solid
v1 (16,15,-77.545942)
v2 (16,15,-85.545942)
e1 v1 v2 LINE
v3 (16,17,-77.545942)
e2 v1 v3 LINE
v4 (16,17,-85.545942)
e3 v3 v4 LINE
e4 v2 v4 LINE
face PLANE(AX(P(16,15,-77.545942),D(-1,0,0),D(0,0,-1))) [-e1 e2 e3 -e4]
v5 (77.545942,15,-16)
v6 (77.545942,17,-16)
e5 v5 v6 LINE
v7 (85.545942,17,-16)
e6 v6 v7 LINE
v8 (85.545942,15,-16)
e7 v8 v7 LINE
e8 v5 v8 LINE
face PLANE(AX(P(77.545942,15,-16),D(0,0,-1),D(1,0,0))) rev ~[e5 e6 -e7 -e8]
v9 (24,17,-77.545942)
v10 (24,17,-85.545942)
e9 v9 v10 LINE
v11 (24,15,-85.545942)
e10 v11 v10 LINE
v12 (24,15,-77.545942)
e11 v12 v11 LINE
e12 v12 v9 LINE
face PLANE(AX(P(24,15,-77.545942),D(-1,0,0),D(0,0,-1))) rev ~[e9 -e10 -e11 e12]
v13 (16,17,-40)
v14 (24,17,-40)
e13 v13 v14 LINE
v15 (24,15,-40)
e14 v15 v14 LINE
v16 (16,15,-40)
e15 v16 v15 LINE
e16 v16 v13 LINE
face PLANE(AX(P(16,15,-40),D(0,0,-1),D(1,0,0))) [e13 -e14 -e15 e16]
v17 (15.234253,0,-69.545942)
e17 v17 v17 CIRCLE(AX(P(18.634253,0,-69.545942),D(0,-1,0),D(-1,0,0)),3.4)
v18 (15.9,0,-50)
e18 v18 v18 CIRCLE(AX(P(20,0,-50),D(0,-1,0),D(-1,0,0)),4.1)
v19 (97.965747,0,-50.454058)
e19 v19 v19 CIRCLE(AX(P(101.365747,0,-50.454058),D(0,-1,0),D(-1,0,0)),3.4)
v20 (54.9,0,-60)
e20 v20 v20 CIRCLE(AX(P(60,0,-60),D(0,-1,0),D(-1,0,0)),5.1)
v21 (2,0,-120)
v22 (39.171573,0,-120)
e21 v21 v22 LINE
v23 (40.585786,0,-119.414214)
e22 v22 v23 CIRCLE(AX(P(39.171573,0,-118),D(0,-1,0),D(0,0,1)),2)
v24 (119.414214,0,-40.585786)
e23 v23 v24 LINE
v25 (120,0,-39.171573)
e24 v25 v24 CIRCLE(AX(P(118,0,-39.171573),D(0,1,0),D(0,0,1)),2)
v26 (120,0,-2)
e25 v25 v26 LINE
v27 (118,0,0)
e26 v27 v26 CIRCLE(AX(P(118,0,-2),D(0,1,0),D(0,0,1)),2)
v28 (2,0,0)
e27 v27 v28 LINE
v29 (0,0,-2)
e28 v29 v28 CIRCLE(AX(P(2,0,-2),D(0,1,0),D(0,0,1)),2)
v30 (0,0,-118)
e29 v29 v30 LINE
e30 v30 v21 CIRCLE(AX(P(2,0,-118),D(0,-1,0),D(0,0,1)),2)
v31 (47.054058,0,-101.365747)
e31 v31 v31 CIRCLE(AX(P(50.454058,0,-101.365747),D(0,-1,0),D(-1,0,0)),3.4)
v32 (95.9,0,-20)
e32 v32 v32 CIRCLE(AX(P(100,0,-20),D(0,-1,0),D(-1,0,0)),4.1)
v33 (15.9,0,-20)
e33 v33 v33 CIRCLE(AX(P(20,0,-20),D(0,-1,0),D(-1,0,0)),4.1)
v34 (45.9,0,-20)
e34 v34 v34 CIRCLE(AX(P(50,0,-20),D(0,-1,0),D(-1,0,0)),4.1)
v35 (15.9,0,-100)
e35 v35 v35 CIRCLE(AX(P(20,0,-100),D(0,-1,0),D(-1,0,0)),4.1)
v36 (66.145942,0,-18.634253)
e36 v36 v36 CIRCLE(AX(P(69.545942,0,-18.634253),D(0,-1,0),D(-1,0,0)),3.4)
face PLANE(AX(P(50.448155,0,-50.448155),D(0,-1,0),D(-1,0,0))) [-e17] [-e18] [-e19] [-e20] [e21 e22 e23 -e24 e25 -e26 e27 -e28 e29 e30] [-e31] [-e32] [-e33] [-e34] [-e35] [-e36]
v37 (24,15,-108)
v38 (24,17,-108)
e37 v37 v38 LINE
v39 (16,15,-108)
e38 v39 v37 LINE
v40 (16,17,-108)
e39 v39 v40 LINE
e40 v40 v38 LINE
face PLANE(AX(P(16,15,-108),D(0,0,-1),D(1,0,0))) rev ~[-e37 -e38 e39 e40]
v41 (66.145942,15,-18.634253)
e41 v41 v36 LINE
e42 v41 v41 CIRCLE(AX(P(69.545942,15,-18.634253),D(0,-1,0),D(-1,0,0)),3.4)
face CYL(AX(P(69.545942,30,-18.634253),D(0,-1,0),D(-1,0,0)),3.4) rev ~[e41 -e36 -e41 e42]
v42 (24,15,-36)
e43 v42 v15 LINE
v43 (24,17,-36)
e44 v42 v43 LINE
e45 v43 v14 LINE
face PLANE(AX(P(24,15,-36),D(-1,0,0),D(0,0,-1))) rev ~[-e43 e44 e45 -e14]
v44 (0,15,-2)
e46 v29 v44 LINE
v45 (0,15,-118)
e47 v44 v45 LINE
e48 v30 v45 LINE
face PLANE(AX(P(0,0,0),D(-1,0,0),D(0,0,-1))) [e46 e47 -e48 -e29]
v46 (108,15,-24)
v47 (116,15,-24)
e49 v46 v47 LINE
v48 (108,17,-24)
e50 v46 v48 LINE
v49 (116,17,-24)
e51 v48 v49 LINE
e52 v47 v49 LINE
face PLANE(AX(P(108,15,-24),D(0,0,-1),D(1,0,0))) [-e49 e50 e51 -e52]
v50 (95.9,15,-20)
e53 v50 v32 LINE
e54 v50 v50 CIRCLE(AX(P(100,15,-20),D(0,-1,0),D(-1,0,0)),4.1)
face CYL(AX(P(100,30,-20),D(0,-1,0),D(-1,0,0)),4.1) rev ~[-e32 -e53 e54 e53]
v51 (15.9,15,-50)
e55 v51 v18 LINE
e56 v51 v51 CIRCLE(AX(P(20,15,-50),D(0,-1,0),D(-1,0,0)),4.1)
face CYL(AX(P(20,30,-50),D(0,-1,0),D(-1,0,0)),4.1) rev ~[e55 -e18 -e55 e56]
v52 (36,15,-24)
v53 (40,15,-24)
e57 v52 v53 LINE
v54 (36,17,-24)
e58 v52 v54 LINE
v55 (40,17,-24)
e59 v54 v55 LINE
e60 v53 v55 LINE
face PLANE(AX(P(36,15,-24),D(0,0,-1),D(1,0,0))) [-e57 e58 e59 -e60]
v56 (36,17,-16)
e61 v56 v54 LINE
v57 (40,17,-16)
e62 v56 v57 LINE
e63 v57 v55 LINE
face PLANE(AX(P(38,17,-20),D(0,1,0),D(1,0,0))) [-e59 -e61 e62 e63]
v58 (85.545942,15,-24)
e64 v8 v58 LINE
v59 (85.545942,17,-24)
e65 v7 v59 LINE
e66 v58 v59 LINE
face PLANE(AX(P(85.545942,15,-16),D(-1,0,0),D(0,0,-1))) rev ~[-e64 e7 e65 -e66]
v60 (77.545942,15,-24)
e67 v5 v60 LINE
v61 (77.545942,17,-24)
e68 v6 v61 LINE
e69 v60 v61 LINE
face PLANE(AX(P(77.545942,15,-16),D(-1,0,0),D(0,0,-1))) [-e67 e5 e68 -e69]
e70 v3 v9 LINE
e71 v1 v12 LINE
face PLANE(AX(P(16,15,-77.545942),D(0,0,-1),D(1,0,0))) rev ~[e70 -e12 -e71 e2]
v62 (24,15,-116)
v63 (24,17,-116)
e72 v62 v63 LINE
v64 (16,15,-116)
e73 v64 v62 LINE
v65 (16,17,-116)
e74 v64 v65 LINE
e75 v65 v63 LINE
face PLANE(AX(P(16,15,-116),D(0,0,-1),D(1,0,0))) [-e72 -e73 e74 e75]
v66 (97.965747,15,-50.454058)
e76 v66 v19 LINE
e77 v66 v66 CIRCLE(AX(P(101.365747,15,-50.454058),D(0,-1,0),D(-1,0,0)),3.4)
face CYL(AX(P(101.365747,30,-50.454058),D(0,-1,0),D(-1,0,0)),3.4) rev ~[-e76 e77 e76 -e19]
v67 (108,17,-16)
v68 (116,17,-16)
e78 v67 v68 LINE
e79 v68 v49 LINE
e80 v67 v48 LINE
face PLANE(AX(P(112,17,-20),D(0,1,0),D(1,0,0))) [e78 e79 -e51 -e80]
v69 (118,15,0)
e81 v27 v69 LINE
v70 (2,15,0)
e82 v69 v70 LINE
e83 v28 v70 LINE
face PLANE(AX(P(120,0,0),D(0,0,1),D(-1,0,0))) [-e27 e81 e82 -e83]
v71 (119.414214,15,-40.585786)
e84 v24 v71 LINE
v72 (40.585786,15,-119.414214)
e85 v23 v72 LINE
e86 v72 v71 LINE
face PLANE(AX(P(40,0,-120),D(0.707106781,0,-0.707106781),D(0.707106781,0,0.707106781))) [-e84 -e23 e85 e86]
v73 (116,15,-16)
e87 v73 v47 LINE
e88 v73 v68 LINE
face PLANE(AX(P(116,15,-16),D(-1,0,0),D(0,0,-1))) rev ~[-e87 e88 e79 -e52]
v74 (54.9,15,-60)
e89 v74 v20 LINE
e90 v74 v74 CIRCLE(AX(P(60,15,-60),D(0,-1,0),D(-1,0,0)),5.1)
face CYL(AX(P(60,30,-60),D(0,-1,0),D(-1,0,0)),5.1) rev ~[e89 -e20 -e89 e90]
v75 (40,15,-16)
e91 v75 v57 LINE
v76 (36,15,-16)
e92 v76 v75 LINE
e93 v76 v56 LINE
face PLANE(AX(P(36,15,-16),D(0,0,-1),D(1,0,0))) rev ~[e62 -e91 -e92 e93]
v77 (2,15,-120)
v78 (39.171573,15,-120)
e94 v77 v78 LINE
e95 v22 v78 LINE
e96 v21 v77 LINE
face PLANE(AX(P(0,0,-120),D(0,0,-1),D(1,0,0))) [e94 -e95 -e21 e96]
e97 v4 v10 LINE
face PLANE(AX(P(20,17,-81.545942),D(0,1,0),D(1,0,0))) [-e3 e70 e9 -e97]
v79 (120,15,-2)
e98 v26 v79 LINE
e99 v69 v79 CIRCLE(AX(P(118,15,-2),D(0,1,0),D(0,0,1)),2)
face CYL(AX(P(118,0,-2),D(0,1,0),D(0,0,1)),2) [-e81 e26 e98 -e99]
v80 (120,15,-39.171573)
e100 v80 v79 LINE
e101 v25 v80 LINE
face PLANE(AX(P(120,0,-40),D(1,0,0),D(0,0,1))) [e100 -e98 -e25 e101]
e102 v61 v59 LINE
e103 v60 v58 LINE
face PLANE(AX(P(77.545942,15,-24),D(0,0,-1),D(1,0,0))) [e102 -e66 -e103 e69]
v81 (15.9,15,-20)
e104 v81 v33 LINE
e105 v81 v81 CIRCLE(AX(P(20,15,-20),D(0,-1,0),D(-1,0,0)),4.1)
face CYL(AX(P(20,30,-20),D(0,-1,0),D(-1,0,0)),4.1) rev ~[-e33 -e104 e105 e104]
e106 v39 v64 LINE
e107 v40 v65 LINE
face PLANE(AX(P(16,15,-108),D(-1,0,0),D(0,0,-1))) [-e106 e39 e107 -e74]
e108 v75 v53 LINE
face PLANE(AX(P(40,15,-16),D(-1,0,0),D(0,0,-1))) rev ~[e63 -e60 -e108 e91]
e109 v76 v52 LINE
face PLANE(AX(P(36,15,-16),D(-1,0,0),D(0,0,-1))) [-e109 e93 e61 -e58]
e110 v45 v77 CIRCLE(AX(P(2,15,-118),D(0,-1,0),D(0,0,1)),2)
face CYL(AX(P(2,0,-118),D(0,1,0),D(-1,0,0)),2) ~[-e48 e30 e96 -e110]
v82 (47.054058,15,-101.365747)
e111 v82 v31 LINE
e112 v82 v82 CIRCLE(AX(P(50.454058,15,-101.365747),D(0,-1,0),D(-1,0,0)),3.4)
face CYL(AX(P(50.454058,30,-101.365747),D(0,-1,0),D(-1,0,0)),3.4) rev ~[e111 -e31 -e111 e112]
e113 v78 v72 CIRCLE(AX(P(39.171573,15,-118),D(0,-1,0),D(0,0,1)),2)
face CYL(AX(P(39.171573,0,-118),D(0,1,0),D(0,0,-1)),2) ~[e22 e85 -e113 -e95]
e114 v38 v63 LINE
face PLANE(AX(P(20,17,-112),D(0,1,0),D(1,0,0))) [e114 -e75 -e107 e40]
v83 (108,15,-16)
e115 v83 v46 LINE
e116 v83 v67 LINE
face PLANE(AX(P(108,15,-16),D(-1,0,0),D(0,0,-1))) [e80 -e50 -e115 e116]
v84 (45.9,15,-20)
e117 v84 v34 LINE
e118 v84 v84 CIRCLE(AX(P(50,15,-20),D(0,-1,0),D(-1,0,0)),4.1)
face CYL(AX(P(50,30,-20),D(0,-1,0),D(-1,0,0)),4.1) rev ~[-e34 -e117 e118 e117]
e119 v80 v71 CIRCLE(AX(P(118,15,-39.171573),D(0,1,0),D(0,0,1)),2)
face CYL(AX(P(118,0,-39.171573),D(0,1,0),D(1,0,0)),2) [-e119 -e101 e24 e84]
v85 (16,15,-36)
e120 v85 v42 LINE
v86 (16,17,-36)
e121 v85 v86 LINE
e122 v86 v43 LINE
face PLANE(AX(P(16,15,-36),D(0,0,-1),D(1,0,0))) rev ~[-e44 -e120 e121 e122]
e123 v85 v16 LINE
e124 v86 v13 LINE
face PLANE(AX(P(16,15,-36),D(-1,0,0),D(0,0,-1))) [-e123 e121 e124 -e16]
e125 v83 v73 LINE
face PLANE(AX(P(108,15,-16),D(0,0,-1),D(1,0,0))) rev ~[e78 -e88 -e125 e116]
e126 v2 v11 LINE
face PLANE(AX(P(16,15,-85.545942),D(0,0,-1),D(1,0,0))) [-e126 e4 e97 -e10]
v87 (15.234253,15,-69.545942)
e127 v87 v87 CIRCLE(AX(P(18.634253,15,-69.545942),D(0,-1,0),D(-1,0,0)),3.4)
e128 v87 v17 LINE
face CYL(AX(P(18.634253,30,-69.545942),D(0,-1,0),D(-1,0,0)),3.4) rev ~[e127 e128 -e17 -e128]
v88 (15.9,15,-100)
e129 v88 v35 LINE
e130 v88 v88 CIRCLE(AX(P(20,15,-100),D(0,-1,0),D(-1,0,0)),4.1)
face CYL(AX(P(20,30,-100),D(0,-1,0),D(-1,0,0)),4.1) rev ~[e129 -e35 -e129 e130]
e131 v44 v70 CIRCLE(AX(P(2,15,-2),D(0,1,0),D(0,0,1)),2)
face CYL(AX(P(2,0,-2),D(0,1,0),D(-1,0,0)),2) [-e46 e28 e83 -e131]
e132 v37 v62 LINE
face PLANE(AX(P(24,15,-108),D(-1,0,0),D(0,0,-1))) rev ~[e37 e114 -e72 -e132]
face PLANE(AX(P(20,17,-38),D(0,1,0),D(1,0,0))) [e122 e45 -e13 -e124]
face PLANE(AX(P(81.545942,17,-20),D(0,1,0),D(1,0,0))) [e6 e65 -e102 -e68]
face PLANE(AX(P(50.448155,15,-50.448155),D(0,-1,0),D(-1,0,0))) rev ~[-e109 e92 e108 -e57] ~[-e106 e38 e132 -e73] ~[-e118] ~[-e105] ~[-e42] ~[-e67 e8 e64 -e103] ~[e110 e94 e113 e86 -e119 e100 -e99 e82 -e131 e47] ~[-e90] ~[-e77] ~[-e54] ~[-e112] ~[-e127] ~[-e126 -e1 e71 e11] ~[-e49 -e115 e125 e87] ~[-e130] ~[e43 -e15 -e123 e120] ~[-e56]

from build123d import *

# Parameters (mm, degrees)
EXTRUDE_1_DEPTH             = 15
HOLE_WIZARD_M121_D          = 10.2
HOLE_WIZARD_M121_DEPTH      = 15
HOLE_WIZARD_M81_D           = 6.8
HOLE_WIZARD_M81_DEPTH       = 15
HOLE_WIZARD_8_2_8_2_1_D     = 8.2
HOLE_WIZARD_8_2_8_2_1_DEPTH = 15
SKETCH_9_W                  = 8
SKETCH_9_H                  = 8
SKETCH_9_H_2                = 4
SKETCH_9_W_2                = 4
EXTRUDE_2_DEPTH             = 2
FILLET_1_R                  = 2


with BuildPart() as part:
    # Эскиз1 → Бобышка-Вытянуть1 (new body)
    with BuildSketch(Plane(origin=(0, 0, 0), x_dir=(1, 0, 0), z_dir=(0, 1, 0))):
        Polygon((0, 0), (0, 120), (40, 120), (120, 40), (120, 0), align=None)
    extrude(amount=EXTRUDE_1_DEPTH)

    # Отверстие обработанное метчиком M121
    with Locations(Plane(origin=(0, 15, 0), x_dir=(1, 0, 0), z_dir=(0, 1, 0))):
        with Locations((60, 60)):
            Hole(HOLE_WIZARD_M121_D / 2, depth=HOLE_WIZARD_M121_DEPTH)

    # Отверстие обработанное метчиком M81
    with Locations(Plane(origin=(0, 15, 0), x_dir=(1, 0, 0), z_dir=(0, 1, 0))):
        with Locations((50.454058454, 101.365746699), (101.365746699, 50.454058454), (69.545941546, 18.634253301), (18.634253301, 69.545941546)):
            Hole(HOLE_WIZARD_M81_D / 2, depth=HOLE_WIZARD_M81_DEPTH)

    # Диаметр отверстия Ø8.2 (8.2)1
    with Locations(Plane(origin=(0, 15, 0), x_dir=(1, 0, 0), z_dir=(0, 1, 0))):
        with Locations((20, 100), (20, 50), (20, 20), (50, 20), (100, 20)):
            Hole(HOLE_WIZARD_8_2_8_2_1_D / 2, depth=HOLE_WIZARD_8_2_8_2_1_DEPTH)

    # Эскиз9 → Бобышка-Вытянуть2 (add)
    with BuildSketch(Plane(origin=(0, 15, 0), x_dir=(1, 0, 0), z_dir=(0, 1, 0))):
        with Locations((20, 112)):
            Rectangle(SKETCH_9_W, SKETCH_9_H)
        with Locations((20, 81.545941546)):
            Rectangle(SKETCH_9_W, SKETCH_9_H)
        with Locations((20, 38)):
            Rectangle(SKETCH_9_W, SKETCH_9_H_2)
        with Locations((38, 20)):
            Rectangle(SKETCH_9_W_2, SKETCH_9_H)
        with Locations((81.545941546, 20)):
            Rectangle(SKETCH_9_W, SKETCH_9_H)
        with Locations((112, 20)):
            Rectangle(SKETCH_9_W, SKETCH_9_H)
    extrude(amount=EXTRUDE_2_DEPTH)

    # Скругление1
    fillet_1_edges = [part.edges().sort_by_distance(p)[0] for p in [
        (0, 7.5, 0),
        (0, 7.5, -120),
        (40, 7.5, -120),
        (120, 7.5, -40),
        (120, 7.5, 0),
    ]]
    fillet(fillet_1_edges, radius=FILLET_1_R)


solid = part.part
